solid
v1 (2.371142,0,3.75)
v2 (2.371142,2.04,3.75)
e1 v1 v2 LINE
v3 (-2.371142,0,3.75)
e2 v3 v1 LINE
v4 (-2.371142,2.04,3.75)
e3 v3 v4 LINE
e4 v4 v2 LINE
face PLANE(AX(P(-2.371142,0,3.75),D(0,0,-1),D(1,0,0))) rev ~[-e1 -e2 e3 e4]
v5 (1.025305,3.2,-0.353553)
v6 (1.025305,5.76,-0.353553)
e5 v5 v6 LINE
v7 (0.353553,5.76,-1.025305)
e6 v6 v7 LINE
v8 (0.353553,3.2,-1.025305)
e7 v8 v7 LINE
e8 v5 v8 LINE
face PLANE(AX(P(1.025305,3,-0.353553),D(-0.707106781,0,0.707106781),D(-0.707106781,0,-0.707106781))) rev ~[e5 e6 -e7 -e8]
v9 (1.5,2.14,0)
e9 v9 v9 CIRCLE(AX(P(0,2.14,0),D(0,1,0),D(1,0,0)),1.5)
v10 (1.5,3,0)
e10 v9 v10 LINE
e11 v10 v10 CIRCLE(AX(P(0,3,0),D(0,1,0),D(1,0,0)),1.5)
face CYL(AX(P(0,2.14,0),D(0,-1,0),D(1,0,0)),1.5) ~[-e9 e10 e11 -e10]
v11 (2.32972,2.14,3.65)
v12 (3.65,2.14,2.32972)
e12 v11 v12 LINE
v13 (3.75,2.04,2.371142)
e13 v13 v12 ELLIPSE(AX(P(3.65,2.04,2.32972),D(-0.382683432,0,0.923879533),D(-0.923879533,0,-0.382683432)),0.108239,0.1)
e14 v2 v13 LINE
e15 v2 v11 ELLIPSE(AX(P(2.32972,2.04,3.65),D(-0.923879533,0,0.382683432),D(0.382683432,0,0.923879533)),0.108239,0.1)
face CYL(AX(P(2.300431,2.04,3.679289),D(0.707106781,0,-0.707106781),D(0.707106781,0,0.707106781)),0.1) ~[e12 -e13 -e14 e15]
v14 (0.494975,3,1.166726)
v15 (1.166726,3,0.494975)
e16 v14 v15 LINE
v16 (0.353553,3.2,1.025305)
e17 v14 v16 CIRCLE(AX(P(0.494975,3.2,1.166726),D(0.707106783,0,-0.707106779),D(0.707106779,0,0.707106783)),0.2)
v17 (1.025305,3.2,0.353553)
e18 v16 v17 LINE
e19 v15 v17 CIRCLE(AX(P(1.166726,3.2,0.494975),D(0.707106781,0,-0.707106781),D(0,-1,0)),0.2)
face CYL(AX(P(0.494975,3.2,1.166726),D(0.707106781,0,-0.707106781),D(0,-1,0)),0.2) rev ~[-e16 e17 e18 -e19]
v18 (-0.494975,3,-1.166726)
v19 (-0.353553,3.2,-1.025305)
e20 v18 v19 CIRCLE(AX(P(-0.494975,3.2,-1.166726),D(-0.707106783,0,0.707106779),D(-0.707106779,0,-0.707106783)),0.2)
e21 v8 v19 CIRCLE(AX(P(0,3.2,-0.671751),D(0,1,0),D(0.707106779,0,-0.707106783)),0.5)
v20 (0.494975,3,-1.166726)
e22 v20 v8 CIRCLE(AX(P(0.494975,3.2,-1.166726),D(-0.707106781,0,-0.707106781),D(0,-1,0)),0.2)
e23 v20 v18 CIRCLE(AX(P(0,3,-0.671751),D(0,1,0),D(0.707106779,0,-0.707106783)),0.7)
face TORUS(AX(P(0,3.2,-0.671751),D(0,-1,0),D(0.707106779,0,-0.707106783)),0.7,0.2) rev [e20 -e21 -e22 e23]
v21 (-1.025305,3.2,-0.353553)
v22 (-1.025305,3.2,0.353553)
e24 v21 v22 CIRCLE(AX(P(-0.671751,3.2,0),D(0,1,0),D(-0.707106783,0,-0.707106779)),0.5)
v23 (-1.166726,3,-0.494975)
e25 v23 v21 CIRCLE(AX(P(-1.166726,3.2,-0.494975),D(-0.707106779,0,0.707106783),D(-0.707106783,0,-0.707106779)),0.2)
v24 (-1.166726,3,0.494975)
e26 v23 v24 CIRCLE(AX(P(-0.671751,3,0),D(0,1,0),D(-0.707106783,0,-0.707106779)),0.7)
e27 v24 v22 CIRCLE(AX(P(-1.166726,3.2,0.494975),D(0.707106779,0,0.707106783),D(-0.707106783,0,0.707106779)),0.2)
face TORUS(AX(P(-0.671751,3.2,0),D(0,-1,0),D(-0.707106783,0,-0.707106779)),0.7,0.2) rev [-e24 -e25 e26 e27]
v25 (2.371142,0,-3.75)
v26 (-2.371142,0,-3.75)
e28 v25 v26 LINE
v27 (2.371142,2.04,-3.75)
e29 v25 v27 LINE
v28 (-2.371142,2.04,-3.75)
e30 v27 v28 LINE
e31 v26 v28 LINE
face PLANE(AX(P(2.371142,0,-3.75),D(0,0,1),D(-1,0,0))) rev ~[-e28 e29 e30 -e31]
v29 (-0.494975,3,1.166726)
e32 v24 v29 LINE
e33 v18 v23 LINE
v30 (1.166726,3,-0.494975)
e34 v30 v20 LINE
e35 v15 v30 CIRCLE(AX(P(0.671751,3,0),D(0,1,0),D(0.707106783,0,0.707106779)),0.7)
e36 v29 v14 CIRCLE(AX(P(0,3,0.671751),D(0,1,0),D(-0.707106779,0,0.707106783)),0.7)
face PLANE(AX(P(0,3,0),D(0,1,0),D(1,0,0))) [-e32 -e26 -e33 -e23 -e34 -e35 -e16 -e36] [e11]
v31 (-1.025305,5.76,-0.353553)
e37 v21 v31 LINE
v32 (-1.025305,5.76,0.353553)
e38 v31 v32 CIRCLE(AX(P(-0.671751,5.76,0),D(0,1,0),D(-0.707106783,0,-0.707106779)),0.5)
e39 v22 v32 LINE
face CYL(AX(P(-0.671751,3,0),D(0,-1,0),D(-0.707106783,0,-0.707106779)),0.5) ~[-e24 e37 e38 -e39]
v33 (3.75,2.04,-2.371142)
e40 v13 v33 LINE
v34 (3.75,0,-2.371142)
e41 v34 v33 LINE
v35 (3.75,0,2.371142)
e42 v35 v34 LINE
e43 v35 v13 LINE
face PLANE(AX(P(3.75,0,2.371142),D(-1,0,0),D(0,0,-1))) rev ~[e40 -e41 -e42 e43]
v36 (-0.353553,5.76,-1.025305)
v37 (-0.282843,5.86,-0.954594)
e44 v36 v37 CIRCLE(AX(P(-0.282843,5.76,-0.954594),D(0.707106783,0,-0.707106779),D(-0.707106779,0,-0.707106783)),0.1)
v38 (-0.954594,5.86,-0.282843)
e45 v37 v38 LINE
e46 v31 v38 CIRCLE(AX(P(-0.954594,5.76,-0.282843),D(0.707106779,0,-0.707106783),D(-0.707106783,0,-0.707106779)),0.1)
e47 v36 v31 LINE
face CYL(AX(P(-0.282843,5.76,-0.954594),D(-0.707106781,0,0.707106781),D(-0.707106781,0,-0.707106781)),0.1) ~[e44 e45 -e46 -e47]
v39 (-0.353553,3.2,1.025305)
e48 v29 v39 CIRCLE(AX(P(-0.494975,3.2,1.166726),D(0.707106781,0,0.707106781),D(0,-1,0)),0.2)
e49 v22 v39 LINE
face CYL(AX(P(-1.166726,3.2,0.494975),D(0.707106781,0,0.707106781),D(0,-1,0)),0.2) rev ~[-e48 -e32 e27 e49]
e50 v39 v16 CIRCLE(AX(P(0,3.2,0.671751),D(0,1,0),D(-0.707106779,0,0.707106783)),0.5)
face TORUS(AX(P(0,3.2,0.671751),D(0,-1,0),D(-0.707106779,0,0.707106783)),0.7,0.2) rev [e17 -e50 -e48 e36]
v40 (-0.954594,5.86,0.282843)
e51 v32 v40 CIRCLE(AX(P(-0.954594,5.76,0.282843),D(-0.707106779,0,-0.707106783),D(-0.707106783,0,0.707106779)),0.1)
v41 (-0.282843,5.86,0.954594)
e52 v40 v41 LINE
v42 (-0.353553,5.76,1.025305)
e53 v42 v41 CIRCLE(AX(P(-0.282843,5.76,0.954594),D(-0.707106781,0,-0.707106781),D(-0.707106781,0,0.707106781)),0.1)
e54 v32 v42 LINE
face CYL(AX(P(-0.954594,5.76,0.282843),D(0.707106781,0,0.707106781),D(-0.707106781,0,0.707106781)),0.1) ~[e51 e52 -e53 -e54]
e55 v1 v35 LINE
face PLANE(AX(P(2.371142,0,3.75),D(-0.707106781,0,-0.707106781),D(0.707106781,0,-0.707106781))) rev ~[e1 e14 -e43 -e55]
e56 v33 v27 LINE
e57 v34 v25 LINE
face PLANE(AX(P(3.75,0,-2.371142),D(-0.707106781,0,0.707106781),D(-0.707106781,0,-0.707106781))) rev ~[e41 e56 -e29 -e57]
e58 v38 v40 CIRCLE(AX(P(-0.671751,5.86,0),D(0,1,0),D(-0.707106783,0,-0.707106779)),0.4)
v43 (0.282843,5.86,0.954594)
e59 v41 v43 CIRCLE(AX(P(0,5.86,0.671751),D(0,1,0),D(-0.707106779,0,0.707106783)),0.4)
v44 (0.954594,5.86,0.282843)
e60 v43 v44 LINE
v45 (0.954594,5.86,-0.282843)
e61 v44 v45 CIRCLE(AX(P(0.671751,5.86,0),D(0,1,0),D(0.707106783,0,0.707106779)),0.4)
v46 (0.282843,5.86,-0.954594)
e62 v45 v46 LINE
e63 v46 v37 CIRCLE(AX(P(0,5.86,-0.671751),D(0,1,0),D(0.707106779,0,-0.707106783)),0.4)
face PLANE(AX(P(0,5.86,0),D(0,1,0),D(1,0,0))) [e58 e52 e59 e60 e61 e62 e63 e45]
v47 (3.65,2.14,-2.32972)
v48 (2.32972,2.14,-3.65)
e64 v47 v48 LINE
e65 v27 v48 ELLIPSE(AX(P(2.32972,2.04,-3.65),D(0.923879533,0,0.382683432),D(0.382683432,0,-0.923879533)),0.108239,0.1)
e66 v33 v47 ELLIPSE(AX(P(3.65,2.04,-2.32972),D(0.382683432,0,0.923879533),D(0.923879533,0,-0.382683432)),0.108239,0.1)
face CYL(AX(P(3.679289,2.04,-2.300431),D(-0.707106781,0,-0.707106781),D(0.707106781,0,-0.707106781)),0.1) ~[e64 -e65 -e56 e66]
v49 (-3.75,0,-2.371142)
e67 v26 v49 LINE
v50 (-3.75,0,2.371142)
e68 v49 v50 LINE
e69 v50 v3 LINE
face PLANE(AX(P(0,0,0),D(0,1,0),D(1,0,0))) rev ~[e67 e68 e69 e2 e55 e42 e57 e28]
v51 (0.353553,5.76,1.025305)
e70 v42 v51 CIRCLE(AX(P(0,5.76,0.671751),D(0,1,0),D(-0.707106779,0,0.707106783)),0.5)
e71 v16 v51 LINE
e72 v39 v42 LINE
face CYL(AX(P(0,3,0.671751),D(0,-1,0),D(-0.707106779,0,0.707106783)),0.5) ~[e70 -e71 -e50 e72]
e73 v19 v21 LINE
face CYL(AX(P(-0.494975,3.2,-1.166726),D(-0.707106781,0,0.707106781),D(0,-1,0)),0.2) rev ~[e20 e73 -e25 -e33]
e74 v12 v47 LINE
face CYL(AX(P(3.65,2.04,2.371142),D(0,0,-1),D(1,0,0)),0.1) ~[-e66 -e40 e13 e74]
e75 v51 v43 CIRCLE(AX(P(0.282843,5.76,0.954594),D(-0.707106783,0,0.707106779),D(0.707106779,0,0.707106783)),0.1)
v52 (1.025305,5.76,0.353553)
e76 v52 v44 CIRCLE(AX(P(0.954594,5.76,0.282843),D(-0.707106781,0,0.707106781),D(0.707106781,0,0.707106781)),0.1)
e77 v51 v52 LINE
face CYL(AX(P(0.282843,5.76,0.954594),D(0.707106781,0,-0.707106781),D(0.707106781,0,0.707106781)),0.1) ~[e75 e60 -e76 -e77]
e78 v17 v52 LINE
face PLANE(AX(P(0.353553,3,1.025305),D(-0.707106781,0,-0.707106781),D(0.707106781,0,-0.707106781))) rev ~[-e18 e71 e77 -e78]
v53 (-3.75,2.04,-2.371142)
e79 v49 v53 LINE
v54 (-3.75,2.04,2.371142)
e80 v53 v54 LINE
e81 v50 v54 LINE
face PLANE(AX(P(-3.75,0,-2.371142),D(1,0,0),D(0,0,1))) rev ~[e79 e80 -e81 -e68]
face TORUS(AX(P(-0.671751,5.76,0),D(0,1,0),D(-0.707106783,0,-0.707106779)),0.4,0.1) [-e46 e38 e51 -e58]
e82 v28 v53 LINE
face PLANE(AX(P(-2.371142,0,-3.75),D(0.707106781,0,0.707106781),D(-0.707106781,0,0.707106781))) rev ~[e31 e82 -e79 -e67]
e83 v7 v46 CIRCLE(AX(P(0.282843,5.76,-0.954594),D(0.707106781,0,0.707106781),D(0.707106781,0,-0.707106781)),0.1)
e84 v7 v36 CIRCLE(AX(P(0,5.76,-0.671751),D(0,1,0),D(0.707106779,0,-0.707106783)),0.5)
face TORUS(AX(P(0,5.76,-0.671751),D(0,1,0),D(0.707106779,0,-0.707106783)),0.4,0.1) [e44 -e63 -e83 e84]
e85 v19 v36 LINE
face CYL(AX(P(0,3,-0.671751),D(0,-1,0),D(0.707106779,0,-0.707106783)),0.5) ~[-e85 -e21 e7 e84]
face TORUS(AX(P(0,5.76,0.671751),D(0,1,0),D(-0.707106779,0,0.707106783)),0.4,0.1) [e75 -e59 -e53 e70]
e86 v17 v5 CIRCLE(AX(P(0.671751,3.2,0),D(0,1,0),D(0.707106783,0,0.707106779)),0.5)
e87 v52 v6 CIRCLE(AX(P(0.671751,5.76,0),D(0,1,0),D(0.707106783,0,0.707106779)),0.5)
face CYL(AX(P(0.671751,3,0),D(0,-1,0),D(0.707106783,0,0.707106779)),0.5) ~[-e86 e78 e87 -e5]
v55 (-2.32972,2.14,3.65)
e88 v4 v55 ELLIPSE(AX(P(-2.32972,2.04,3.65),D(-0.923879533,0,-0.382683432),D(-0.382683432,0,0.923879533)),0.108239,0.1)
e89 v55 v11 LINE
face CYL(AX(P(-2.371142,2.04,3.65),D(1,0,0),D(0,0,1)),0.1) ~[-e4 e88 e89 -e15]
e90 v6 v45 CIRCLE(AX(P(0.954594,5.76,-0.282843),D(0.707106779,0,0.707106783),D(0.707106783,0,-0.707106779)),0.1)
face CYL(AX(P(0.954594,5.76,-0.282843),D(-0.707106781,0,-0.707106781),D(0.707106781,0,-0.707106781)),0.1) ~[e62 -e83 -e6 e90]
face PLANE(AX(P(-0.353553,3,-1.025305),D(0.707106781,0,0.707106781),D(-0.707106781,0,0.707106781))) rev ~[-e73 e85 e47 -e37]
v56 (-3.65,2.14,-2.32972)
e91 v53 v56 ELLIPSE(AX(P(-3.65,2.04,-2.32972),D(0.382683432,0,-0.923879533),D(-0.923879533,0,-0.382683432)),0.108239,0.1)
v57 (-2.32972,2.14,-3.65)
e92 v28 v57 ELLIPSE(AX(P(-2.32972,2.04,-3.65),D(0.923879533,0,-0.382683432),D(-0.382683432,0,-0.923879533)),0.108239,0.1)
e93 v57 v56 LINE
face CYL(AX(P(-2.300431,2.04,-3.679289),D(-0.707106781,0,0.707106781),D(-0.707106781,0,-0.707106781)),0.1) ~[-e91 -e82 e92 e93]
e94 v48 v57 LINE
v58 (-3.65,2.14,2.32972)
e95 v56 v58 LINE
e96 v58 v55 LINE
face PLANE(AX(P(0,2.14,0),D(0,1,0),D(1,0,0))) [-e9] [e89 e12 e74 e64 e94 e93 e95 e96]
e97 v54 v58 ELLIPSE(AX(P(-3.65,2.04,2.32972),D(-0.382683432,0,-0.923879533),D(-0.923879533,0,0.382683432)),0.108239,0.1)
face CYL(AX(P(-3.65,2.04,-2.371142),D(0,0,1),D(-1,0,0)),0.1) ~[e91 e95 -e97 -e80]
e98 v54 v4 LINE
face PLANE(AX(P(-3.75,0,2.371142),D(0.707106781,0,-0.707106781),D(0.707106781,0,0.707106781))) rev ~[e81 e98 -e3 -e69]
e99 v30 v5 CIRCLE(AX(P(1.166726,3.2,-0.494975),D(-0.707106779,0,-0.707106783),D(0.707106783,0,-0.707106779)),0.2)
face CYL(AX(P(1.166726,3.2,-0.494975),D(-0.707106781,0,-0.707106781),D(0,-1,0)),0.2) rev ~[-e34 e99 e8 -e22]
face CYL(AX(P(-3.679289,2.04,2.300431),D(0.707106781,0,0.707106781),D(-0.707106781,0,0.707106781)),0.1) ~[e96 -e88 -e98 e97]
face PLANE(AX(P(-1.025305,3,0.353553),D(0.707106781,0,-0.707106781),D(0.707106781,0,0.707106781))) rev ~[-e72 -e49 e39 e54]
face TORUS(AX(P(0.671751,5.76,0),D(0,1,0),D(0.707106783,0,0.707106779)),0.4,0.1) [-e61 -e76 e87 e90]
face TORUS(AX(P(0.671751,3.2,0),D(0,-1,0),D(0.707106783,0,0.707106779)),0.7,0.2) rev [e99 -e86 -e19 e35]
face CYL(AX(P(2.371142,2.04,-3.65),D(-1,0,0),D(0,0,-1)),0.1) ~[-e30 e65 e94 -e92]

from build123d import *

# Parameters (mm, degrees)
BOSS_EXTRUDE1_DEPTH = 2.14
FILLET1_R           = 0.1
SKETCH2_R           = 1.5
BOSS_EXTRUDE2_DEPTH = 0.86
BOSS_EXTRUDE3_DEPTH = 2.86
FILLET2_R           = 0.1
FILLET3_R           = 0.2


with BuildPart() as part:
    # Sketch1 → Boss-Extrude1 (new body)
    with BuildSketch(Plane(origin=(0, 0, 0), x_dir=(1, 0, 0), z_dir=(0, 1, 0))):
        Polygon((2.371141777, -3.75), (3.75, -2.371141777), (3.75, 2.371141777), (2.371141777, 3.75), (-2.371141777, 3.75), (-3.75, 2.371141777), (-3.75, -2.371141777), (-2.371141777, -3.75), align=None)
    extrude(amount=BOSS_EXTRUDE1_DEPTH)

    # Fillet1
    fillet1_edges = [part.edges().sort_by_distance(p)[0] for p in [
        (3.75, 2.14, 0),
        (3.060570888, 2.14, -3.060570888),
        (0, 2.14, -3.75),
        (-3.060570888, 2.14, -3.060570888),
        (-3.75, 2.14, 0),
        (-3.060570888, 2.14, 3.060570888),
        (0, 2.14, 3.75),
        (3.060570888, 2.14, 3.060570888),
    ]]
    fillet(fillet1_edges, radius=FILLET1_R)

    # Sketch2 → Boss-Extrude2 (add)
    with BuildSketch(Plane(origin=(0, 2.14, 0), x_dir=(1, 0, 0), z_dir=(0, 1, 0))):
        Circle(SKETCH2_R)
    extrude(amount=BOSS_EXTRUDE2_DEPTH)

    # Sketch3 → Boss-Extrude3 (add)
    with BuildSketch(Plane(origin=(0, 3, 0), x_dir=(1, 0, 0), z_dir=(0, 1, 0))):
        with BuildLine():
            Line((-0.353553391, 1.025304833), (-1.025304833, 0.353553391))
            ThreePointArc((-1.025304833, 0.353553391), (-1.171751442, 0), (-1.025304833, -0.353553391))
            Line((-1.025304833, -0.353553391), (-0.353553391, -1.025304833))
            ThreePointArc((-0.353553391, -1.025304833), (0, -1.171751442), (0.353553391, -1.025304833))
            Line((0.353553391, -1.025304833), (1.025304833, -0.353553391))
            ThreePointArc((1.025304833, -0.353553391), (1.171751442, 0), (1.025304833, 0.353553391))
            Line((1.025304833, 0.353553391), (0.353553391, 1.025304833))
            ThreePointArc((0.353553391, 1.025304833), (0, 1.171751442), (-0.353553391, 1.025304833))
        make_face()
    extrude(amount=BOSS_EXTRUDE3_DEPTH)

    # Fillet2
    fillet2_edges = [part.edges().sort_by_distance(p)[0] for p in [
        (-1.171751442, 5.86, 0),
        (-0.689429112, 5.86, 0.689429112),
        (0, 5.86, 1.171751442),
        (0.689429112, 5.86, 0.689429112),
        (1.171751442, 5.86, 0),
        (0.689429112, 5.86, -0.689429112),
        (0, 5.86, -1.171751442),
        (-0.689429112, 5.86, -0.689429112),
    ]]
    fillet(fillet2_edges, radius=FILLET2_R)

    # Fillet3
    fillet3_edges = [part.edges().sort_by_distance(p)[0] for p in [
        (-1.171751442, 3, 0),
        (-0.689429112, 3, 0.689429112),
        (0, 3, 1.171751442),
        (0.689429112, 3, 0.689429112),
        (1.171751442, 3, 0),
        (0.689429112, 3, -0.689429112),
        (0, 3, -1.171751442),
        (-0.689429112, 3, -0.689429112),
    ]]
    fillet(fillet3_edges, radius=FILLET3_R)


solid = part.part
